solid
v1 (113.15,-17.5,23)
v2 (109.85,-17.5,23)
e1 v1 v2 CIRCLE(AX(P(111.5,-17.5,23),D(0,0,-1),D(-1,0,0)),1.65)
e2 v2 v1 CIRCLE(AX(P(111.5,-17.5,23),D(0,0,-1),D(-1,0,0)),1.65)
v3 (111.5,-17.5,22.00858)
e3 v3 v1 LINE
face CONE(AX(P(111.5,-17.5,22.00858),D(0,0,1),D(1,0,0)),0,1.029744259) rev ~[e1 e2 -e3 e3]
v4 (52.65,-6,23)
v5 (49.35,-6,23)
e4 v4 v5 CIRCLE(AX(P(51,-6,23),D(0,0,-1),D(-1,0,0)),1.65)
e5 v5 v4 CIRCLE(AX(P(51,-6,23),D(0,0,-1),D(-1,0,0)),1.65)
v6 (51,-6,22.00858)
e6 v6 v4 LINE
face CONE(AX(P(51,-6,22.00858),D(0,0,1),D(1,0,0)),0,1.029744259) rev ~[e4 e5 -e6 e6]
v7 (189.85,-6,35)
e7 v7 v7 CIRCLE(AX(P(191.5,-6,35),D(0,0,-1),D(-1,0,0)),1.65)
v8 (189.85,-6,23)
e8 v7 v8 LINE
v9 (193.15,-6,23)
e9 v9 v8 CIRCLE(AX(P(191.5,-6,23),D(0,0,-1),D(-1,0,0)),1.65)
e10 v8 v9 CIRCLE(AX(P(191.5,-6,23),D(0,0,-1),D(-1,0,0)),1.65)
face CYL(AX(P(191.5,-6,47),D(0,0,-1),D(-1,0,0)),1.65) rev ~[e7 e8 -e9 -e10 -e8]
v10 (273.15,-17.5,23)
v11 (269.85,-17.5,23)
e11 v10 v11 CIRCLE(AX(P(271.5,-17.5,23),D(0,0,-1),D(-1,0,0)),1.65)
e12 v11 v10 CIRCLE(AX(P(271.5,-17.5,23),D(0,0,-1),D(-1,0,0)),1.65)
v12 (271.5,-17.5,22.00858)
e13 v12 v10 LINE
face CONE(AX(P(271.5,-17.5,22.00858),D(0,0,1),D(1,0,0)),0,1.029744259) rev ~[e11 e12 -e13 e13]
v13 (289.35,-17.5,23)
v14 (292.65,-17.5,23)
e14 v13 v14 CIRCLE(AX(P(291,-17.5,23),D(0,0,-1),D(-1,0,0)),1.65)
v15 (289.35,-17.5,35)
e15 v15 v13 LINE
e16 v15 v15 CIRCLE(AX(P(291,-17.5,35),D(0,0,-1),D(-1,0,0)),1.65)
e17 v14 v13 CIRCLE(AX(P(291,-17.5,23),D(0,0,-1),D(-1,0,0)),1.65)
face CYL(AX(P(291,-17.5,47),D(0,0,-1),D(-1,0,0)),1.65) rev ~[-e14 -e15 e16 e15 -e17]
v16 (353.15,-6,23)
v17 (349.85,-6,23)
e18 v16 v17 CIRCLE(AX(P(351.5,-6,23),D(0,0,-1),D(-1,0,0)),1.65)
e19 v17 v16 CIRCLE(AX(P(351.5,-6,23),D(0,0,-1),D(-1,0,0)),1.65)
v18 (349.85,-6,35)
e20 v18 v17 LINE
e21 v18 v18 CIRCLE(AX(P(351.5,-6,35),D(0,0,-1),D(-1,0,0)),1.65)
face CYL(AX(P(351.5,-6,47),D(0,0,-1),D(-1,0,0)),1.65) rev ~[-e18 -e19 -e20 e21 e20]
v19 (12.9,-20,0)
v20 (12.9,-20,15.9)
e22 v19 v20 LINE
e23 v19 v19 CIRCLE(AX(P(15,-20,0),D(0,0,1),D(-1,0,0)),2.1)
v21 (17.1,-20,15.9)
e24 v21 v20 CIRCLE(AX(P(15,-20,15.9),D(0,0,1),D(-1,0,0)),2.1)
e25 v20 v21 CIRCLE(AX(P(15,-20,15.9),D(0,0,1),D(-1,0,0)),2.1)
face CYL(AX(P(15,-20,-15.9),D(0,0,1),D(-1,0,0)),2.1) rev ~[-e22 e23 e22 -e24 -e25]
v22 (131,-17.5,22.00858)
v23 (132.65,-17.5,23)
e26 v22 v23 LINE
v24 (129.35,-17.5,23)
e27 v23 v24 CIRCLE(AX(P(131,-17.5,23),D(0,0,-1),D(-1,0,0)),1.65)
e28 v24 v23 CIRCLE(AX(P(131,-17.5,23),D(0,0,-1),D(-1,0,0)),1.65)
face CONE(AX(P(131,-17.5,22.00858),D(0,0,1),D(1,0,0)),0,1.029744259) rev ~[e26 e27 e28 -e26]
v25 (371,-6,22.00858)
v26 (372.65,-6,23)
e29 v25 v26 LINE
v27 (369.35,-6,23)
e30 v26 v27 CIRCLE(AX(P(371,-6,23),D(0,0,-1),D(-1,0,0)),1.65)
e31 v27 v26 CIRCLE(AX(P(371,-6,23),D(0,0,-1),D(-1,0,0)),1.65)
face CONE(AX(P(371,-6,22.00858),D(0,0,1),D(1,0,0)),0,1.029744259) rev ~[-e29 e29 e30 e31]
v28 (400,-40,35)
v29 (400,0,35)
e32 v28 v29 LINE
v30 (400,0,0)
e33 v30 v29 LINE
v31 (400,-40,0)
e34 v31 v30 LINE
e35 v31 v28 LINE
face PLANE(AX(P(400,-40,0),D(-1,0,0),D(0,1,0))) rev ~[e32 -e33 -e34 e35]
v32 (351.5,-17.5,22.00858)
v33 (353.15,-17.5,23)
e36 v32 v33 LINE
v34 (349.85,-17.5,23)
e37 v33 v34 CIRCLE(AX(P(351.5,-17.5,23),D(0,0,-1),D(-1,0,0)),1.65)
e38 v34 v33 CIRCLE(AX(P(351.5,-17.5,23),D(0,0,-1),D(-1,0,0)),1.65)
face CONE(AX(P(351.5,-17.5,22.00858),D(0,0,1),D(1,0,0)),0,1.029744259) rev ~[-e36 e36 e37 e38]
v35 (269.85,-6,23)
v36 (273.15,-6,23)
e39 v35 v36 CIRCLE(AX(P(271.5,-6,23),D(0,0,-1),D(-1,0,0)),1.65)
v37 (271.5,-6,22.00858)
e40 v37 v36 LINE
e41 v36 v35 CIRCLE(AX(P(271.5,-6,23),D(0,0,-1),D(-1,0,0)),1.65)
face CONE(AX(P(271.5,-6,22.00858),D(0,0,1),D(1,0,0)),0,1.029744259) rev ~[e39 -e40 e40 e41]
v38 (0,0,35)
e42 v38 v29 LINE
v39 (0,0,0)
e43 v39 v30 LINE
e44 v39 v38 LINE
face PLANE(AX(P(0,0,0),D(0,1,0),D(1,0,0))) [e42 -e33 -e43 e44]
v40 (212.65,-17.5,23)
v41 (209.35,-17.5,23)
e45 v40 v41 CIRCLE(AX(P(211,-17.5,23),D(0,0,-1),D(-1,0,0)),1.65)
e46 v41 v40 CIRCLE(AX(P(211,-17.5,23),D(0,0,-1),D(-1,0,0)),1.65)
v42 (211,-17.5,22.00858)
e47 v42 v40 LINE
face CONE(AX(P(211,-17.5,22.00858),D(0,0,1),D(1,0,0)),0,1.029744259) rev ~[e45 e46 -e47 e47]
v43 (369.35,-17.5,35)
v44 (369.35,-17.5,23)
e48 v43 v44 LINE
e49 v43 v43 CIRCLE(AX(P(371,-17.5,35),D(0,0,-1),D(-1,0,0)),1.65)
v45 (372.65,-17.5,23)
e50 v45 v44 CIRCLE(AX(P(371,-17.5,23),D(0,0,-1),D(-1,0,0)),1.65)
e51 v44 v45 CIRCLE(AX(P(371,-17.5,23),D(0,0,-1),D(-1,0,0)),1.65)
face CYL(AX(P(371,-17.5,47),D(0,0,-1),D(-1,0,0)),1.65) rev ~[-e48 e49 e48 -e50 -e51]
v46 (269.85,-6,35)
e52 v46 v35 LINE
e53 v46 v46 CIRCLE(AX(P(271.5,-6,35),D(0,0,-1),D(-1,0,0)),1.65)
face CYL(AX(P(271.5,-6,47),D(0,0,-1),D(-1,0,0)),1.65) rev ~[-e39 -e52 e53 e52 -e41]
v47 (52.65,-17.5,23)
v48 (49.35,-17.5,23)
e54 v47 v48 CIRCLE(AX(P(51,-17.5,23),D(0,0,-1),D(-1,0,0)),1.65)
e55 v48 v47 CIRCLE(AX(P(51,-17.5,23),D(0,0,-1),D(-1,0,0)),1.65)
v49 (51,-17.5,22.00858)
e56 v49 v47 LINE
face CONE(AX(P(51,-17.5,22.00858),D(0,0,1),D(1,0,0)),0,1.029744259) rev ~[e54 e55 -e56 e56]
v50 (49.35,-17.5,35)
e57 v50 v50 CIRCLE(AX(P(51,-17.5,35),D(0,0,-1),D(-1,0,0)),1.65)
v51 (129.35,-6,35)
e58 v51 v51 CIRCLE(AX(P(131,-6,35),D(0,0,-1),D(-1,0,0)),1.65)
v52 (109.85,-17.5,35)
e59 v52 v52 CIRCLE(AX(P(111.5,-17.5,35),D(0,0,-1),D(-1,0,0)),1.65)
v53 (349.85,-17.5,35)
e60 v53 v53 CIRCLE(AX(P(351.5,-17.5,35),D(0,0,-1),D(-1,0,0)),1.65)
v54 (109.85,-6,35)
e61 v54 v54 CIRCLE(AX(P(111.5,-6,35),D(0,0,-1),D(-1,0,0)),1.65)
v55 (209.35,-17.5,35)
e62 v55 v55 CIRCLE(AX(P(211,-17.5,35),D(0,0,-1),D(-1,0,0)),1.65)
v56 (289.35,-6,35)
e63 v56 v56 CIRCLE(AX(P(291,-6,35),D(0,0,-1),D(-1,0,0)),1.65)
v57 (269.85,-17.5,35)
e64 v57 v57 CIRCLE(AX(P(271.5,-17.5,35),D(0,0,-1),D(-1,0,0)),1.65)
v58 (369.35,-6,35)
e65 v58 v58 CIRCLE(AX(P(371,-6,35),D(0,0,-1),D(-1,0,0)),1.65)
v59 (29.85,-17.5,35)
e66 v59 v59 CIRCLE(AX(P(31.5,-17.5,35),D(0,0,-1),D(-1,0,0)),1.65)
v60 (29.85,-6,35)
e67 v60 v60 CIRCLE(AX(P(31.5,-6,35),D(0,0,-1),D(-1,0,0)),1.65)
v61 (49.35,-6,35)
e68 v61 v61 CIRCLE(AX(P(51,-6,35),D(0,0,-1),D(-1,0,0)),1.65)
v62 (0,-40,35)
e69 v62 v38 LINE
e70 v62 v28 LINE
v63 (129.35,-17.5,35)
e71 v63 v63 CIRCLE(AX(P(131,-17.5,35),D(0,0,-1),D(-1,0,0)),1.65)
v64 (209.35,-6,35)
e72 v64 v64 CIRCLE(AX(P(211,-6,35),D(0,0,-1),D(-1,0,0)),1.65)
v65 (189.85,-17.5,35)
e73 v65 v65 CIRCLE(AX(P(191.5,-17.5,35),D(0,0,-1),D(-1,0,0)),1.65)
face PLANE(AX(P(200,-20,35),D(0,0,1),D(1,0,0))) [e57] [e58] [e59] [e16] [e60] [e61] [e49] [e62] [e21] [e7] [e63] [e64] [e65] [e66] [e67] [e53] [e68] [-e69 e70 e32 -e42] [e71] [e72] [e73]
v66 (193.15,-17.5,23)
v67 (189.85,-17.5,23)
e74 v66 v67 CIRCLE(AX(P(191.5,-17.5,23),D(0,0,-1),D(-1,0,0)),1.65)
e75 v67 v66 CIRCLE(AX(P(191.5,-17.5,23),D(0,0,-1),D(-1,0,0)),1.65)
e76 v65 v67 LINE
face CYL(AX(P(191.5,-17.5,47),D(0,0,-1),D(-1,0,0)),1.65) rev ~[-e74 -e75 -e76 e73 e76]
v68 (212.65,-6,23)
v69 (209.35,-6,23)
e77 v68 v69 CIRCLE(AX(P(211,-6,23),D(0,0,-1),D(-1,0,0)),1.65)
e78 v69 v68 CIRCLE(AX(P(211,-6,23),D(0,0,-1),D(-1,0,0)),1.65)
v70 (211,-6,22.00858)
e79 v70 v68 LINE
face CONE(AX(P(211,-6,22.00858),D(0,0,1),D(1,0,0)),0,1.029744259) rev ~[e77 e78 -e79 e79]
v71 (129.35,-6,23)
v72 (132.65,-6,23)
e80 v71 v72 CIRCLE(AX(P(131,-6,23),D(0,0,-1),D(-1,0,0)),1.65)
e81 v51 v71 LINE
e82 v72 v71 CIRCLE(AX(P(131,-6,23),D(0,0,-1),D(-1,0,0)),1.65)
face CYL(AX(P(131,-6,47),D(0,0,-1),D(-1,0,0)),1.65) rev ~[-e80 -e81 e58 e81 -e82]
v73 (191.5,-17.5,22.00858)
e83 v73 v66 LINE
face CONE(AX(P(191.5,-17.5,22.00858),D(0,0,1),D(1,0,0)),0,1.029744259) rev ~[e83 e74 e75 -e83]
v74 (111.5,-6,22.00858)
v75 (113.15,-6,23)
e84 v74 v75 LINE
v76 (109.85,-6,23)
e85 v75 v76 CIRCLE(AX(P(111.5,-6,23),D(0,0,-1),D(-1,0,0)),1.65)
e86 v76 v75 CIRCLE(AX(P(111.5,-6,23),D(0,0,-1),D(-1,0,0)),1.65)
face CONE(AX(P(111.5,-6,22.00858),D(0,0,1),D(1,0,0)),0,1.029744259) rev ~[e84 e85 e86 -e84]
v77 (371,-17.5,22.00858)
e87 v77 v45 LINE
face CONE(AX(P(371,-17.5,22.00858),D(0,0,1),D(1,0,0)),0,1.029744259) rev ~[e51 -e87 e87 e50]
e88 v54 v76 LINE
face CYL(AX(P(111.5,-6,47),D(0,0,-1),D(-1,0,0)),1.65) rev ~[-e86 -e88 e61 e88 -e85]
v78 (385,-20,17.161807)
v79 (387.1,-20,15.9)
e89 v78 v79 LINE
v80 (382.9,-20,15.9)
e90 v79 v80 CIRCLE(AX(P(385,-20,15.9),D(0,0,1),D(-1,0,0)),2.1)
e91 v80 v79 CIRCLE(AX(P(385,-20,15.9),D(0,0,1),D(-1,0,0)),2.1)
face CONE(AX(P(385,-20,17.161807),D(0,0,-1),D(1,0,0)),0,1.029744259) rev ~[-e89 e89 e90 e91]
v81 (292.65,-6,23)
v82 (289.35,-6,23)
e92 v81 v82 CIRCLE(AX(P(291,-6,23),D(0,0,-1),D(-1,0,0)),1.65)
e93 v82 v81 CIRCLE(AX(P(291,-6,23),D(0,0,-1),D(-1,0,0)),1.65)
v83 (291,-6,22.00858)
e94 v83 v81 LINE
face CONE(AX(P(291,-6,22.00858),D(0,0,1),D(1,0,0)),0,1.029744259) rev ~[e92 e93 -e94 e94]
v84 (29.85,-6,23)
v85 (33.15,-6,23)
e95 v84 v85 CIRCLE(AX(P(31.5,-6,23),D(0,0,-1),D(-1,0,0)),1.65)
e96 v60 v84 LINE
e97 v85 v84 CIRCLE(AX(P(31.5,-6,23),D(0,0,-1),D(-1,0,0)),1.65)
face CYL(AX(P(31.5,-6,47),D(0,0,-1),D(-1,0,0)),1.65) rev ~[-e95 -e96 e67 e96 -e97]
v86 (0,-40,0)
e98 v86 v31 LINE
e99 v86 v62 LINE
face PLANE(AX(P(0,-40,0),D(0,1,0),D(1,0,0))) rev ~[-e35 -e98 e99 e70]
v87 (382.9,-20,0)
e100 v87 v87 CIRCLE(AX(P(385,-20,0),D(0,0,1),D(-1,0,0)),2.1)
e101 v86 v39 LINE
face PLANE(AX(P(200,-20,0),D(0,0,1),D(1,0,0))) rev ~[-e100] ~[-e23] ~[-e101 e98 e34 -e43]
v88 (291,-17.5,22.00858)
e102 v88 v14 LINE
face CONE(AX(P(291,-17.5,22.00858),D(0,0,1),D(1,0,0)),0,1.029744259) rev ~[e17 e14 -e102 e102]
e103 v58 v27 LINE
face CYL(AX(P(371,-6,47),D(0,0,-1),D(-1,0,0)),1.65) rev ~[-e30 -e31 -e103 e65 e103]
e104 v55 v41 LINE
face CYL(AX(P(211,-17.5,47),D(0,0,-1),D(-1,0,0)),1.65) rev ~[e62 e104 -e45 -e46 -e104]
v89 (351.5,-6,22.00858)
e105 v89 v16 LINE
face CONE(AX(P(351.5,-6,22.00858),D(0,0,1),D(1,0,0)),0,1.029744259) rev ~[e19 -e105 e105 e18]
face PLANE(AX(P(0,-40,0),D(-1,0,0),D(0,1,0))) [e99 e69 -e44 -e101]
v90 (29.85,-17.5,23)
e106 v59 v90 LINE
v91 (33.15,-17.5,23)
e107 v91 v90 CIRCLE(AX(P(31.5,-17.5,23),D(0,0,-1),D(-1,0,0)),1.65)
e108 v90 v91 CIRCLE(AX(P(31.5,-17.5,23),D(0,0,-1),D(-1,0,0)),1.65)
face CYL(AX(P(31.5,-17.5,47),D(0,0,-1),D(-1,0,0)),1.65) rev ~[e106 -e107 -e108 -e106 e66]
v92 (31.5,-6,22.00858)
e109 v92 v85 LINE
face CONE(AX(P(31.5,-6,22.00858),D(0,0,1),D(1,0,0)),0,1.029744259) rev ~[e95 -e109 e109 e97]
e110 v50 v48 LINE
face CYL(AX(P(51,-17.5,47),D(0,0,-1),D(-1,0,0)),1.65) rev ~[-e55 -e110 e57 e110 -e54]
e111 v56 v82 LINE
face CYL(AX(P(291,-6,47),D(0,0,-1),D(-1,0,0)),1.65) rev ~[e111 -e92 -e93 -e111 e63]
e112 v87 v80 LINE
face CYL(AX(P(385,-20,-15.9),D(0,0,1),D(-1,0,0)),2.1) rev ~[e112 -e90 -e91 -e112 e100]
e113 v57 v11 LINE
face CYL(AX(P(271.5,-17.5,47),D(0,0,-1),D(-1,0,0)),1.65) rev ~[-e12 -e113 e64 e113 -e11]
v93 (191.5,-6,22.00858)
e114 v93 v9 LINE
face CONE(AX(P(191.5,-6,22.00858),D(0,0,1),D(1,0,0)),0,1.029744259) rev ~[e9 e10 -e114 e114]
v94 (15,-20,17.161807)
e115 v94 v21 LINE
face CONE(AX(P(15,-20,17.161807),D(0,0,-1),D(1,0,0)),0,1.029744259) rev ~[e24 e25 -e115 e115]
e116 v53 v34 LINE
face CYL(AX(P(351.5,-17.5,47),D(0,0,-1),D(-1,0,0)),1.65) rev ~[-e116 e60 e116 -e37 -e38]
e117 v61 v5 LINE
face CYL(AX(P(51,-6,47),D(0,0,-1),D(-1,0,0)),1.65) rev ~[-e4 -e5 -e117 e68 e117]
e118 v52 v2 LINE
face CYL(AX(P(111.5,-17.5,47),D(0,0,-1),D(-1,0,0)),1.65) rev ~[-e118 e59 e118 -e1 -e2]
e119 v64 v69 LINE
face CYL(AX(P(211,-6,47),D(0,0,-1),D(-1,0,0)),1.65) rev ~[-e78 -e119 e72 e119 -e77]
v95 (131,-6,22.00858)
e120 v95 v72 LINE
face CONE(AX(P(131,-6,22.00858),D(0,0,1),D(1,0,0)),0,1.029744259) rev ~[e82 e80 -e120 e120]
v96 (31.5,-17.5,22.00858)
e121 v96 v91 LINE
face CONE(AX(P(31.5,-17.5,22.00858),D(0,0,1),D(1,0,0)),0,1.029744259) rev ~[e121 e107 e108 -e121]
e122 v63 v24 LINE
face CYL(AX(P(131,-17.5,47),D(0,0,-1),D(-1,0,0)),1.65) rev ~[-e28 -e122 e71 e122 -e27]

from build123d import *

# Parameters (mm, degrees)
F0_W     = 400
F0_H     = 40
F1_DEPTH = 35
F3_D     = 3.3
F3_DEPTH = 12
F3_TIP   = 0.9914200214
F5_D     = 4.2
F5_DEPTH = 15.9
F5_TIP   = 1.2618073


with BuildPart() as f1:
    # F0 (on Top) → F1 (new body)
    with BuildSketch(Plane.XY):
        with Locations((200, -20)):
            Rectangle(F0_W, F0_H)
    extrude(amount=F1_DEPTH)

    # F3
    with Locations(Plane.XY.offset(35)):
        with Locations((31.5, -6), (51, -6), (51, -17.5), (31.5, -17.5), (111.5, -6), (131, -6), (111.5, -17.5), (131, -17.5), (191.5, -6), (211, -6), (191.5, -17.5), (211, -17.5), (271.5, -6), (271.5, -17.5), (291, -6), (291, -17.5), (351.5, -6), (371, -6), (371, -17.5), (351.5, -17.5)):
            Hole(F3_D / 2, depth=F3_DEPTH)
            with Locations((0, 0, -(F3_DEPTH + F3_TIP / 2))):  # 118° drill point
                Cone(0, F3_D / 2, F3_TIP, mode=Mode.SUBTRACT)

    # F5
    with Locations(Plane(origin=(0, 0, 0), x_dir=(1, 0, 0), z_dir=(0, 0, -1))):
        with Locations((15, 20), (385, 20)):
            Hole(F5_D / 2, depth=F5_DEPTH)
            with Locations((0, 0, -(F5_DEPTH + F5_TIP / 2))):  # 118° drill point
                Cone(0, F5_D / 2, F5_TIP, mode=Mode.SUBTRACT)


solid = f1.part
